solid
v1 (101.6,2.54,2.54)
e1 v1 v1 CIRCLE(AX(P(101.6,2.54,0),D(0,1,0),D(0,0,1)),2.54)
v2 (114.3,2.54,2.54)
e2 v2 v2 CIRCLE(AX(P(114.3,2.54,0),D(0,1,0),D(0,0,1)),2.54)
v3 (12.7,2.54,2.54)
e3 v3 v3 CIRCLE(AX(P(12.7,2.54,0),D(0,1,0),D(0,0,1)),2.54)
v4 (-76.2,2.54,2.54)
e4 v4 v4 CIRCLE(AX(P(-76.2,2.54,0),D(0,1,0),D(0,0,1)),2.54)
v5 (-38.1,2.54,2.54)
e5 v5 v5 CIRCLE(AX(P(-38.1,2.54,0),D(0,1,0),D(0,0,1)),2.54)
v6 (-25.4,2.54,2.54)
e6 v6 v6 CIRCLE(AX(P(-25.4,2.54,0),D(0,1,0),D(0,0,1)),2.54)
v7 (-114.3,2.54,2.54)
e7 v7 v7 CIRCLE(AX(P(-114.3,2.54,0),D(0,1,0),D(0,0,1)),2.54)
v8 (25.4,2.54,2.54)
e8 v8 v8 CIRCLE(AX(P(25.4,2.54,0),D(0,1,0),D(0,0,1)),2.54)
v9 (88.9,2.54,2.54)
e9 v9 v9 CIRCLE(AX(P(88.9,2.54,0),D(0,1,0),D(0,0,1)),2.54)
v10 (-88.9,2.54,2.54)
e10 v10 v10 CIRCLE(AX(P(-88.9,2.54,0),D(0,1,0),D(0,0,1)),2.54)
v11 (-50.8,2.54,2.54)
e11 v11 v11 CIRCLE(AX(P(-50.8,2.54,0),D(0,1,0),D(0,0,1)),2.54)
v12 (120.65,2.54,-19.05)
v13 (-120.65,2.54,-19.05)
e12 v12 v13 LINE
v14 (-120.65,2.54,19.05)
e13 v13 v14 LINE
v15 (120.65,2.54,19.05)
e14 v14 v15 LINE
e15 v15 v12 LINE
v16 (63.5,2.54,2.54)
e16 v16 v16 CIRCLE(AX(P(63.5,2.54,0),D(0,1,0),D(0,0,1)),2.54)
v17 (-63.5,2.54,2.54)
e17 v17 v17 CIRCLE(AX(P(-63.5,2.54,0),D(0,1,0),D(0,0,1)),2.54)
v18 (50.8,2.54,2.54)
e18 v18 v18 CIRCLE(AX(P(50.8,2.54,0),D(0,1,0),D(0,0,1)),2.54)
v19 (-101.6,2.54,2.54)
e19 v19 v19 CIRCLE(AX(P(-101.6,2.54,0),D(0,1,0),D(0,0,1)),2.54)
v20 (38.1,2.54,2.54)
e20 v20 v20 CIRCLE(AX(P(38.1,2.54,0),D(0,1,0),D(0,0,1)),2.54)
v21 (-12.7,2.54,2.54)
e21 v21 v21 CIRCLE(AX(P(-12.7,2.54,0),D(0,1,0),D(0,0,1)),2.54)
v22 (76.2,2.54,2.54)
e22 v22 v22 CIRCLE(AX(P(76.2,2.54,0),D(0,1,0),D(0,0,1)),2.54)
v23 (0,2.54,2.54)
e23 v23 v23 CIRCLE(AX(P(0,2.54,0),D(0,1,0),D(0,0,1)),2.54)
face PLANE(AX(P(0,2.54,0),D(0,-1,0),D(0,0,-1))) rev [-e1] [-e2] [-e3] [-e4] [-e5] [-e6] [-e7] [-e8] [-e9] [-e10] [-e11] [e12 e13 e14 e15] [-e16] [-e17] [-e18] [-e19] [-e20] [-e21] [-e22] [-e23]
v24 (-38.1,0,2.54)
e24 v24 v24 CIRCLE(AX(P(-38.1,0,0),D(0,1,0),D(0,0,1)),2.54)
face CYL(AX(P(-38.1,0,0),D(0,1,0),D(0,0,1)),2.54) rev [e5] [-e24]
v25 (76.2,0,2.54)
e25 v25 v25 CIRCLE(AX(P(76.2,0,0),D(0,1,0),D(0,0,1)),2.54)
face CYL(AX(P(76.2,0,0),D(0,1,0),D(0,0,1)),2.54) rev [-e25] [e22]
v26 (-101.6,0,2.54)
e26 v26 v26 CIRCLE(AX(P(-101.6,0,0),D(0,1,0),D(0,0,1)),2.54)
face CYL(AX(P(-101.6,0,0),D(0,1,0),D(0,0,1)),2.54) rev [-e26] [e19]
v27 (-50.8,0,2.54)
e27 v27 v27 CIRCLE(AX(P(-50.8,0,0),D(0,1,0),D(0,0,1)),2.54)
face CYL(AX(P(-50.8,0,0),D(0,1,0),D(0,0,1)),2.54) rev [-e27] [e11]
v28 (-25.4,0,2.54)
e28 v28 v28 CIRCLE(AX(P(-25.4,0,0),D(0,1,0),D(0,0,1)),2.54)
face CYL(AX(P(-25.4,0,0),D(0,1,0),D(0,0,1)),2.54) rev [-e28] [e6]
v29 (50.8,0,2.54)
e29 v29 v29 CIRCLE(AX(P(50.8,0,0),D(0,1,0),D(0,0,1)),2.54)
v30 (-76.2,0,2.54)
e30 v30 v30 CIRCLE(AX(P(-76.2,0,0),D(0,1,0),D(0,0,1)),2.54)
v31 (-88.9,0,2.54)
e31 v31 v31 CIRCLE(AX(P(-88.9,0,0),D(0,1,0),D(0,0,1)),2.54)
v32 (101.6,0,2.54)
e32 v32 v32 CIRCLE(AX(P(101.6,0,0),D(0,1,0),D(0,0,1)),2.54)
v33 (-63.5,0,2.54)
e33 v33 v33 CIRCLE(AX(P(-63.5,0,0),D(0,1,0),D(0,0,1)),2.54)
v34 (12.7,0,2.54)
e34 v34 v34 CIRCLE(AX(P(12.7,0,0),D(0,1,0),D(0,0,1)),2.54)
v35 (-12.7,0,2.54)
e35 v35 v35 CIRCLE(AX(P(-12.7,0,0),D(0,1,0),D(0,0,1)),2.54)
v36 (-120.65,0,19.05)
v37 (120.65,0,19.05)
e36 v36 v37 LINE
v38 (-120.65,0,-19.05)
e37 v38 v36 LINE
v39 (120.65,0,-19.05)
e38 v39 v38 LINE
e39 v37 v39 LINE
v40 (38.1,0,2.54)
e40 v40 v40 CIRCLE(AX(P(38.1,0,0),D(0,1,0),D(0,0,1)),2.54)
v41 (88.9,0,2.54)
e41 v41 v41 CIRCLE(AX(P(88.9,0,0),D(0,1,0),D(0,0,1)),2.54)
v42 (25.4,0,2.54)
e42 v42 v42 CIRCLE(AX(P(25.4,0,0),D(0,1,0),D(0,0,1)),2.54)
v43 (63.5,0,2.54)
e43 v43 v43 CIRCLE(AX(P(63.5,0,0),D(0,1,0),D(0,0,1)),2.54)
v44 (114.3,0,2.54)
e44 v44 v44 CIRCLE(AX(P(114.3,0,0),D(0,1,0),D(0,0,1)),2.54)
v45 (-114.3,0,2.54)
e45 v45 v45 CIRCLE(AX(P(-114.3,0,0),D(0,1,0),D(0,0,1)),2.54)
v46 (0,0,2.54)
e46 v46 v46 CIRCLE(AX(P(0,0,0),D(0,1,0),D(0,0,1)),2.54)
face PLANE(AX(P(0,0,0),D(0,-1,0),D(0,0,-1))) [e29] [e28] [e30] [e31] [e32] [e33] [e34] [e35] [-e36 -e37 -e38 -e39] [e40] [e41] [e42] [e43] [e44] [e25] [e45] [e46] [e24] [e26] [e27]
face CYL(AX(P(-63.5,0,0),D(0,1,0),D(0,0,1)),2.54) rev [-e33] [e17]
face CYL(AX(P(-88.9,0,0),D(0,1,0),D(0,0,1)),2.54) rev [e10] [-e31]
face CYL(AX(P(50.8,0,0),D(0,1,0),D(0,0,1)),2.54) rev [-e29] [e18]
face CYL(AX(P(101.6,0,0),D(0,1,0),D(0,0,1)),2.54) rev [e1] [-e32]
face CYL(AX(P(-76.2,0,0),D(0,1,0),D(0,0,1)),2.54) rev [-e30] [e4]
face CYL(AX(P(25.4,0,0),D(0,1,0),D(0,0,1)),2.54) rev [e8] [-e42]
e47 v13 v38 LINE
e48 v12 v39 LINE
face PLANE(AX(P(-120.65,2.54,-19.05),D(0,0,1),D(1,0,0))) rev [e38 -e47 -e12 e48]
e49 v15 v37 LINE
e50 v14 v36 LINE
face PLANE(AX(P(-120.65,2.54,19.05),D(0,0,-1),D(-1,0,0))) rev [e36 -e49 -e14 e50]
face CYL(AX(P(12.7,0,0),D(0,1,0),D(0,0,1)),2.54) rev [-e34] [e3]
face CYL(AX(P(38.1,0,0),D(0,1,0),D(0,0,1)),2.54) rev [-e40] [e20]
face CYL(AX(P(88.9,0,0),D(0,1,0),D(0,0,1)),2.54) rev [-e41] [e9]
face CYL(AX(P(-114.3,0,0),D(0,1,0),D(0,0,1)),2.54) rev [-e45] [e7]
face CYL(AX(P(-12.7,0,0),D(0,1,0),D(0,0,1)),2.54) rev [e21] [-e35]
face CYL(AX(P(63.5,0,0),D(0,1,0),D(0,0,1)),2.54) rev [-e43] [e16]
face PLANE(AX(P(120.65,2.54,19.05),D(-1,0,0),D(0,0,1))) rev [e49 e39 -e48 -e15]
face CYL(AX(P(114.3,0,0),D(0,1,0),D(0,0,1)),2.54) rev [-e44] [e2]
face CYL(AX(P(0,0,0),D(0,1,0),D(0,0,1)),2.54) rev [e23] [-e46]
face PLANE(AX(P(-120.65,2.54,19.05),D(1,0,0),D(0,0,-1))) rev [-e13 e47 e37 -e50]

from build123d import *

# Parameters (mm, degrees)
SKETCH1_W           = 241.3
SKETCH1_H           = 38.1
BOSS_EXTRUDE1_DEPTH = 2.54
SKETCH2_R           = 2.54
CUT_EXTRUDE1_DEPTH  = 2.54
LPATTERN1_COUNT     = 19
LPATTERN1_PITCH     = 12.7


with BuildPart() as part:
    # Sketch1 → Boss-Extrude1 (new body)
    with BuildSketch(Plane(origin=(0, 0, 0), x_dir=(1, 0, 0), z_dir=(0, 1, 0))):
        Rectangle(SKETCH1_W, SKETCH1_H)
    extrude(amount=BOSS_EXTRUDE1_DEPTH)

    # Sketch2 → Cut-Extrude1 (cut)
    with BuildSketch(Plane(origin=(0, 2.54, 0), x_dir=(1, 0, 0), z_dir=(0, 1, 0))):
        with Locations(Location((-114.3, 0, 0), (0, 0, 270))):
            Circle(SKETCH2_R)
    cut_extrude1 = extrude(amount=-CUT_EXTRUDE1_DEPTH, mode=Mode.SUBTRACT)

    # LPattern1: Cut-Extrude1 ×19
    with Locations(*[(i * LPATTERN1_PITCH, 0, 0) for i in range(1, LPATTERN1_COUNT)]):
        add(cut_extrude1, mode=Mode.SUBTRACT)


solid = part.part
